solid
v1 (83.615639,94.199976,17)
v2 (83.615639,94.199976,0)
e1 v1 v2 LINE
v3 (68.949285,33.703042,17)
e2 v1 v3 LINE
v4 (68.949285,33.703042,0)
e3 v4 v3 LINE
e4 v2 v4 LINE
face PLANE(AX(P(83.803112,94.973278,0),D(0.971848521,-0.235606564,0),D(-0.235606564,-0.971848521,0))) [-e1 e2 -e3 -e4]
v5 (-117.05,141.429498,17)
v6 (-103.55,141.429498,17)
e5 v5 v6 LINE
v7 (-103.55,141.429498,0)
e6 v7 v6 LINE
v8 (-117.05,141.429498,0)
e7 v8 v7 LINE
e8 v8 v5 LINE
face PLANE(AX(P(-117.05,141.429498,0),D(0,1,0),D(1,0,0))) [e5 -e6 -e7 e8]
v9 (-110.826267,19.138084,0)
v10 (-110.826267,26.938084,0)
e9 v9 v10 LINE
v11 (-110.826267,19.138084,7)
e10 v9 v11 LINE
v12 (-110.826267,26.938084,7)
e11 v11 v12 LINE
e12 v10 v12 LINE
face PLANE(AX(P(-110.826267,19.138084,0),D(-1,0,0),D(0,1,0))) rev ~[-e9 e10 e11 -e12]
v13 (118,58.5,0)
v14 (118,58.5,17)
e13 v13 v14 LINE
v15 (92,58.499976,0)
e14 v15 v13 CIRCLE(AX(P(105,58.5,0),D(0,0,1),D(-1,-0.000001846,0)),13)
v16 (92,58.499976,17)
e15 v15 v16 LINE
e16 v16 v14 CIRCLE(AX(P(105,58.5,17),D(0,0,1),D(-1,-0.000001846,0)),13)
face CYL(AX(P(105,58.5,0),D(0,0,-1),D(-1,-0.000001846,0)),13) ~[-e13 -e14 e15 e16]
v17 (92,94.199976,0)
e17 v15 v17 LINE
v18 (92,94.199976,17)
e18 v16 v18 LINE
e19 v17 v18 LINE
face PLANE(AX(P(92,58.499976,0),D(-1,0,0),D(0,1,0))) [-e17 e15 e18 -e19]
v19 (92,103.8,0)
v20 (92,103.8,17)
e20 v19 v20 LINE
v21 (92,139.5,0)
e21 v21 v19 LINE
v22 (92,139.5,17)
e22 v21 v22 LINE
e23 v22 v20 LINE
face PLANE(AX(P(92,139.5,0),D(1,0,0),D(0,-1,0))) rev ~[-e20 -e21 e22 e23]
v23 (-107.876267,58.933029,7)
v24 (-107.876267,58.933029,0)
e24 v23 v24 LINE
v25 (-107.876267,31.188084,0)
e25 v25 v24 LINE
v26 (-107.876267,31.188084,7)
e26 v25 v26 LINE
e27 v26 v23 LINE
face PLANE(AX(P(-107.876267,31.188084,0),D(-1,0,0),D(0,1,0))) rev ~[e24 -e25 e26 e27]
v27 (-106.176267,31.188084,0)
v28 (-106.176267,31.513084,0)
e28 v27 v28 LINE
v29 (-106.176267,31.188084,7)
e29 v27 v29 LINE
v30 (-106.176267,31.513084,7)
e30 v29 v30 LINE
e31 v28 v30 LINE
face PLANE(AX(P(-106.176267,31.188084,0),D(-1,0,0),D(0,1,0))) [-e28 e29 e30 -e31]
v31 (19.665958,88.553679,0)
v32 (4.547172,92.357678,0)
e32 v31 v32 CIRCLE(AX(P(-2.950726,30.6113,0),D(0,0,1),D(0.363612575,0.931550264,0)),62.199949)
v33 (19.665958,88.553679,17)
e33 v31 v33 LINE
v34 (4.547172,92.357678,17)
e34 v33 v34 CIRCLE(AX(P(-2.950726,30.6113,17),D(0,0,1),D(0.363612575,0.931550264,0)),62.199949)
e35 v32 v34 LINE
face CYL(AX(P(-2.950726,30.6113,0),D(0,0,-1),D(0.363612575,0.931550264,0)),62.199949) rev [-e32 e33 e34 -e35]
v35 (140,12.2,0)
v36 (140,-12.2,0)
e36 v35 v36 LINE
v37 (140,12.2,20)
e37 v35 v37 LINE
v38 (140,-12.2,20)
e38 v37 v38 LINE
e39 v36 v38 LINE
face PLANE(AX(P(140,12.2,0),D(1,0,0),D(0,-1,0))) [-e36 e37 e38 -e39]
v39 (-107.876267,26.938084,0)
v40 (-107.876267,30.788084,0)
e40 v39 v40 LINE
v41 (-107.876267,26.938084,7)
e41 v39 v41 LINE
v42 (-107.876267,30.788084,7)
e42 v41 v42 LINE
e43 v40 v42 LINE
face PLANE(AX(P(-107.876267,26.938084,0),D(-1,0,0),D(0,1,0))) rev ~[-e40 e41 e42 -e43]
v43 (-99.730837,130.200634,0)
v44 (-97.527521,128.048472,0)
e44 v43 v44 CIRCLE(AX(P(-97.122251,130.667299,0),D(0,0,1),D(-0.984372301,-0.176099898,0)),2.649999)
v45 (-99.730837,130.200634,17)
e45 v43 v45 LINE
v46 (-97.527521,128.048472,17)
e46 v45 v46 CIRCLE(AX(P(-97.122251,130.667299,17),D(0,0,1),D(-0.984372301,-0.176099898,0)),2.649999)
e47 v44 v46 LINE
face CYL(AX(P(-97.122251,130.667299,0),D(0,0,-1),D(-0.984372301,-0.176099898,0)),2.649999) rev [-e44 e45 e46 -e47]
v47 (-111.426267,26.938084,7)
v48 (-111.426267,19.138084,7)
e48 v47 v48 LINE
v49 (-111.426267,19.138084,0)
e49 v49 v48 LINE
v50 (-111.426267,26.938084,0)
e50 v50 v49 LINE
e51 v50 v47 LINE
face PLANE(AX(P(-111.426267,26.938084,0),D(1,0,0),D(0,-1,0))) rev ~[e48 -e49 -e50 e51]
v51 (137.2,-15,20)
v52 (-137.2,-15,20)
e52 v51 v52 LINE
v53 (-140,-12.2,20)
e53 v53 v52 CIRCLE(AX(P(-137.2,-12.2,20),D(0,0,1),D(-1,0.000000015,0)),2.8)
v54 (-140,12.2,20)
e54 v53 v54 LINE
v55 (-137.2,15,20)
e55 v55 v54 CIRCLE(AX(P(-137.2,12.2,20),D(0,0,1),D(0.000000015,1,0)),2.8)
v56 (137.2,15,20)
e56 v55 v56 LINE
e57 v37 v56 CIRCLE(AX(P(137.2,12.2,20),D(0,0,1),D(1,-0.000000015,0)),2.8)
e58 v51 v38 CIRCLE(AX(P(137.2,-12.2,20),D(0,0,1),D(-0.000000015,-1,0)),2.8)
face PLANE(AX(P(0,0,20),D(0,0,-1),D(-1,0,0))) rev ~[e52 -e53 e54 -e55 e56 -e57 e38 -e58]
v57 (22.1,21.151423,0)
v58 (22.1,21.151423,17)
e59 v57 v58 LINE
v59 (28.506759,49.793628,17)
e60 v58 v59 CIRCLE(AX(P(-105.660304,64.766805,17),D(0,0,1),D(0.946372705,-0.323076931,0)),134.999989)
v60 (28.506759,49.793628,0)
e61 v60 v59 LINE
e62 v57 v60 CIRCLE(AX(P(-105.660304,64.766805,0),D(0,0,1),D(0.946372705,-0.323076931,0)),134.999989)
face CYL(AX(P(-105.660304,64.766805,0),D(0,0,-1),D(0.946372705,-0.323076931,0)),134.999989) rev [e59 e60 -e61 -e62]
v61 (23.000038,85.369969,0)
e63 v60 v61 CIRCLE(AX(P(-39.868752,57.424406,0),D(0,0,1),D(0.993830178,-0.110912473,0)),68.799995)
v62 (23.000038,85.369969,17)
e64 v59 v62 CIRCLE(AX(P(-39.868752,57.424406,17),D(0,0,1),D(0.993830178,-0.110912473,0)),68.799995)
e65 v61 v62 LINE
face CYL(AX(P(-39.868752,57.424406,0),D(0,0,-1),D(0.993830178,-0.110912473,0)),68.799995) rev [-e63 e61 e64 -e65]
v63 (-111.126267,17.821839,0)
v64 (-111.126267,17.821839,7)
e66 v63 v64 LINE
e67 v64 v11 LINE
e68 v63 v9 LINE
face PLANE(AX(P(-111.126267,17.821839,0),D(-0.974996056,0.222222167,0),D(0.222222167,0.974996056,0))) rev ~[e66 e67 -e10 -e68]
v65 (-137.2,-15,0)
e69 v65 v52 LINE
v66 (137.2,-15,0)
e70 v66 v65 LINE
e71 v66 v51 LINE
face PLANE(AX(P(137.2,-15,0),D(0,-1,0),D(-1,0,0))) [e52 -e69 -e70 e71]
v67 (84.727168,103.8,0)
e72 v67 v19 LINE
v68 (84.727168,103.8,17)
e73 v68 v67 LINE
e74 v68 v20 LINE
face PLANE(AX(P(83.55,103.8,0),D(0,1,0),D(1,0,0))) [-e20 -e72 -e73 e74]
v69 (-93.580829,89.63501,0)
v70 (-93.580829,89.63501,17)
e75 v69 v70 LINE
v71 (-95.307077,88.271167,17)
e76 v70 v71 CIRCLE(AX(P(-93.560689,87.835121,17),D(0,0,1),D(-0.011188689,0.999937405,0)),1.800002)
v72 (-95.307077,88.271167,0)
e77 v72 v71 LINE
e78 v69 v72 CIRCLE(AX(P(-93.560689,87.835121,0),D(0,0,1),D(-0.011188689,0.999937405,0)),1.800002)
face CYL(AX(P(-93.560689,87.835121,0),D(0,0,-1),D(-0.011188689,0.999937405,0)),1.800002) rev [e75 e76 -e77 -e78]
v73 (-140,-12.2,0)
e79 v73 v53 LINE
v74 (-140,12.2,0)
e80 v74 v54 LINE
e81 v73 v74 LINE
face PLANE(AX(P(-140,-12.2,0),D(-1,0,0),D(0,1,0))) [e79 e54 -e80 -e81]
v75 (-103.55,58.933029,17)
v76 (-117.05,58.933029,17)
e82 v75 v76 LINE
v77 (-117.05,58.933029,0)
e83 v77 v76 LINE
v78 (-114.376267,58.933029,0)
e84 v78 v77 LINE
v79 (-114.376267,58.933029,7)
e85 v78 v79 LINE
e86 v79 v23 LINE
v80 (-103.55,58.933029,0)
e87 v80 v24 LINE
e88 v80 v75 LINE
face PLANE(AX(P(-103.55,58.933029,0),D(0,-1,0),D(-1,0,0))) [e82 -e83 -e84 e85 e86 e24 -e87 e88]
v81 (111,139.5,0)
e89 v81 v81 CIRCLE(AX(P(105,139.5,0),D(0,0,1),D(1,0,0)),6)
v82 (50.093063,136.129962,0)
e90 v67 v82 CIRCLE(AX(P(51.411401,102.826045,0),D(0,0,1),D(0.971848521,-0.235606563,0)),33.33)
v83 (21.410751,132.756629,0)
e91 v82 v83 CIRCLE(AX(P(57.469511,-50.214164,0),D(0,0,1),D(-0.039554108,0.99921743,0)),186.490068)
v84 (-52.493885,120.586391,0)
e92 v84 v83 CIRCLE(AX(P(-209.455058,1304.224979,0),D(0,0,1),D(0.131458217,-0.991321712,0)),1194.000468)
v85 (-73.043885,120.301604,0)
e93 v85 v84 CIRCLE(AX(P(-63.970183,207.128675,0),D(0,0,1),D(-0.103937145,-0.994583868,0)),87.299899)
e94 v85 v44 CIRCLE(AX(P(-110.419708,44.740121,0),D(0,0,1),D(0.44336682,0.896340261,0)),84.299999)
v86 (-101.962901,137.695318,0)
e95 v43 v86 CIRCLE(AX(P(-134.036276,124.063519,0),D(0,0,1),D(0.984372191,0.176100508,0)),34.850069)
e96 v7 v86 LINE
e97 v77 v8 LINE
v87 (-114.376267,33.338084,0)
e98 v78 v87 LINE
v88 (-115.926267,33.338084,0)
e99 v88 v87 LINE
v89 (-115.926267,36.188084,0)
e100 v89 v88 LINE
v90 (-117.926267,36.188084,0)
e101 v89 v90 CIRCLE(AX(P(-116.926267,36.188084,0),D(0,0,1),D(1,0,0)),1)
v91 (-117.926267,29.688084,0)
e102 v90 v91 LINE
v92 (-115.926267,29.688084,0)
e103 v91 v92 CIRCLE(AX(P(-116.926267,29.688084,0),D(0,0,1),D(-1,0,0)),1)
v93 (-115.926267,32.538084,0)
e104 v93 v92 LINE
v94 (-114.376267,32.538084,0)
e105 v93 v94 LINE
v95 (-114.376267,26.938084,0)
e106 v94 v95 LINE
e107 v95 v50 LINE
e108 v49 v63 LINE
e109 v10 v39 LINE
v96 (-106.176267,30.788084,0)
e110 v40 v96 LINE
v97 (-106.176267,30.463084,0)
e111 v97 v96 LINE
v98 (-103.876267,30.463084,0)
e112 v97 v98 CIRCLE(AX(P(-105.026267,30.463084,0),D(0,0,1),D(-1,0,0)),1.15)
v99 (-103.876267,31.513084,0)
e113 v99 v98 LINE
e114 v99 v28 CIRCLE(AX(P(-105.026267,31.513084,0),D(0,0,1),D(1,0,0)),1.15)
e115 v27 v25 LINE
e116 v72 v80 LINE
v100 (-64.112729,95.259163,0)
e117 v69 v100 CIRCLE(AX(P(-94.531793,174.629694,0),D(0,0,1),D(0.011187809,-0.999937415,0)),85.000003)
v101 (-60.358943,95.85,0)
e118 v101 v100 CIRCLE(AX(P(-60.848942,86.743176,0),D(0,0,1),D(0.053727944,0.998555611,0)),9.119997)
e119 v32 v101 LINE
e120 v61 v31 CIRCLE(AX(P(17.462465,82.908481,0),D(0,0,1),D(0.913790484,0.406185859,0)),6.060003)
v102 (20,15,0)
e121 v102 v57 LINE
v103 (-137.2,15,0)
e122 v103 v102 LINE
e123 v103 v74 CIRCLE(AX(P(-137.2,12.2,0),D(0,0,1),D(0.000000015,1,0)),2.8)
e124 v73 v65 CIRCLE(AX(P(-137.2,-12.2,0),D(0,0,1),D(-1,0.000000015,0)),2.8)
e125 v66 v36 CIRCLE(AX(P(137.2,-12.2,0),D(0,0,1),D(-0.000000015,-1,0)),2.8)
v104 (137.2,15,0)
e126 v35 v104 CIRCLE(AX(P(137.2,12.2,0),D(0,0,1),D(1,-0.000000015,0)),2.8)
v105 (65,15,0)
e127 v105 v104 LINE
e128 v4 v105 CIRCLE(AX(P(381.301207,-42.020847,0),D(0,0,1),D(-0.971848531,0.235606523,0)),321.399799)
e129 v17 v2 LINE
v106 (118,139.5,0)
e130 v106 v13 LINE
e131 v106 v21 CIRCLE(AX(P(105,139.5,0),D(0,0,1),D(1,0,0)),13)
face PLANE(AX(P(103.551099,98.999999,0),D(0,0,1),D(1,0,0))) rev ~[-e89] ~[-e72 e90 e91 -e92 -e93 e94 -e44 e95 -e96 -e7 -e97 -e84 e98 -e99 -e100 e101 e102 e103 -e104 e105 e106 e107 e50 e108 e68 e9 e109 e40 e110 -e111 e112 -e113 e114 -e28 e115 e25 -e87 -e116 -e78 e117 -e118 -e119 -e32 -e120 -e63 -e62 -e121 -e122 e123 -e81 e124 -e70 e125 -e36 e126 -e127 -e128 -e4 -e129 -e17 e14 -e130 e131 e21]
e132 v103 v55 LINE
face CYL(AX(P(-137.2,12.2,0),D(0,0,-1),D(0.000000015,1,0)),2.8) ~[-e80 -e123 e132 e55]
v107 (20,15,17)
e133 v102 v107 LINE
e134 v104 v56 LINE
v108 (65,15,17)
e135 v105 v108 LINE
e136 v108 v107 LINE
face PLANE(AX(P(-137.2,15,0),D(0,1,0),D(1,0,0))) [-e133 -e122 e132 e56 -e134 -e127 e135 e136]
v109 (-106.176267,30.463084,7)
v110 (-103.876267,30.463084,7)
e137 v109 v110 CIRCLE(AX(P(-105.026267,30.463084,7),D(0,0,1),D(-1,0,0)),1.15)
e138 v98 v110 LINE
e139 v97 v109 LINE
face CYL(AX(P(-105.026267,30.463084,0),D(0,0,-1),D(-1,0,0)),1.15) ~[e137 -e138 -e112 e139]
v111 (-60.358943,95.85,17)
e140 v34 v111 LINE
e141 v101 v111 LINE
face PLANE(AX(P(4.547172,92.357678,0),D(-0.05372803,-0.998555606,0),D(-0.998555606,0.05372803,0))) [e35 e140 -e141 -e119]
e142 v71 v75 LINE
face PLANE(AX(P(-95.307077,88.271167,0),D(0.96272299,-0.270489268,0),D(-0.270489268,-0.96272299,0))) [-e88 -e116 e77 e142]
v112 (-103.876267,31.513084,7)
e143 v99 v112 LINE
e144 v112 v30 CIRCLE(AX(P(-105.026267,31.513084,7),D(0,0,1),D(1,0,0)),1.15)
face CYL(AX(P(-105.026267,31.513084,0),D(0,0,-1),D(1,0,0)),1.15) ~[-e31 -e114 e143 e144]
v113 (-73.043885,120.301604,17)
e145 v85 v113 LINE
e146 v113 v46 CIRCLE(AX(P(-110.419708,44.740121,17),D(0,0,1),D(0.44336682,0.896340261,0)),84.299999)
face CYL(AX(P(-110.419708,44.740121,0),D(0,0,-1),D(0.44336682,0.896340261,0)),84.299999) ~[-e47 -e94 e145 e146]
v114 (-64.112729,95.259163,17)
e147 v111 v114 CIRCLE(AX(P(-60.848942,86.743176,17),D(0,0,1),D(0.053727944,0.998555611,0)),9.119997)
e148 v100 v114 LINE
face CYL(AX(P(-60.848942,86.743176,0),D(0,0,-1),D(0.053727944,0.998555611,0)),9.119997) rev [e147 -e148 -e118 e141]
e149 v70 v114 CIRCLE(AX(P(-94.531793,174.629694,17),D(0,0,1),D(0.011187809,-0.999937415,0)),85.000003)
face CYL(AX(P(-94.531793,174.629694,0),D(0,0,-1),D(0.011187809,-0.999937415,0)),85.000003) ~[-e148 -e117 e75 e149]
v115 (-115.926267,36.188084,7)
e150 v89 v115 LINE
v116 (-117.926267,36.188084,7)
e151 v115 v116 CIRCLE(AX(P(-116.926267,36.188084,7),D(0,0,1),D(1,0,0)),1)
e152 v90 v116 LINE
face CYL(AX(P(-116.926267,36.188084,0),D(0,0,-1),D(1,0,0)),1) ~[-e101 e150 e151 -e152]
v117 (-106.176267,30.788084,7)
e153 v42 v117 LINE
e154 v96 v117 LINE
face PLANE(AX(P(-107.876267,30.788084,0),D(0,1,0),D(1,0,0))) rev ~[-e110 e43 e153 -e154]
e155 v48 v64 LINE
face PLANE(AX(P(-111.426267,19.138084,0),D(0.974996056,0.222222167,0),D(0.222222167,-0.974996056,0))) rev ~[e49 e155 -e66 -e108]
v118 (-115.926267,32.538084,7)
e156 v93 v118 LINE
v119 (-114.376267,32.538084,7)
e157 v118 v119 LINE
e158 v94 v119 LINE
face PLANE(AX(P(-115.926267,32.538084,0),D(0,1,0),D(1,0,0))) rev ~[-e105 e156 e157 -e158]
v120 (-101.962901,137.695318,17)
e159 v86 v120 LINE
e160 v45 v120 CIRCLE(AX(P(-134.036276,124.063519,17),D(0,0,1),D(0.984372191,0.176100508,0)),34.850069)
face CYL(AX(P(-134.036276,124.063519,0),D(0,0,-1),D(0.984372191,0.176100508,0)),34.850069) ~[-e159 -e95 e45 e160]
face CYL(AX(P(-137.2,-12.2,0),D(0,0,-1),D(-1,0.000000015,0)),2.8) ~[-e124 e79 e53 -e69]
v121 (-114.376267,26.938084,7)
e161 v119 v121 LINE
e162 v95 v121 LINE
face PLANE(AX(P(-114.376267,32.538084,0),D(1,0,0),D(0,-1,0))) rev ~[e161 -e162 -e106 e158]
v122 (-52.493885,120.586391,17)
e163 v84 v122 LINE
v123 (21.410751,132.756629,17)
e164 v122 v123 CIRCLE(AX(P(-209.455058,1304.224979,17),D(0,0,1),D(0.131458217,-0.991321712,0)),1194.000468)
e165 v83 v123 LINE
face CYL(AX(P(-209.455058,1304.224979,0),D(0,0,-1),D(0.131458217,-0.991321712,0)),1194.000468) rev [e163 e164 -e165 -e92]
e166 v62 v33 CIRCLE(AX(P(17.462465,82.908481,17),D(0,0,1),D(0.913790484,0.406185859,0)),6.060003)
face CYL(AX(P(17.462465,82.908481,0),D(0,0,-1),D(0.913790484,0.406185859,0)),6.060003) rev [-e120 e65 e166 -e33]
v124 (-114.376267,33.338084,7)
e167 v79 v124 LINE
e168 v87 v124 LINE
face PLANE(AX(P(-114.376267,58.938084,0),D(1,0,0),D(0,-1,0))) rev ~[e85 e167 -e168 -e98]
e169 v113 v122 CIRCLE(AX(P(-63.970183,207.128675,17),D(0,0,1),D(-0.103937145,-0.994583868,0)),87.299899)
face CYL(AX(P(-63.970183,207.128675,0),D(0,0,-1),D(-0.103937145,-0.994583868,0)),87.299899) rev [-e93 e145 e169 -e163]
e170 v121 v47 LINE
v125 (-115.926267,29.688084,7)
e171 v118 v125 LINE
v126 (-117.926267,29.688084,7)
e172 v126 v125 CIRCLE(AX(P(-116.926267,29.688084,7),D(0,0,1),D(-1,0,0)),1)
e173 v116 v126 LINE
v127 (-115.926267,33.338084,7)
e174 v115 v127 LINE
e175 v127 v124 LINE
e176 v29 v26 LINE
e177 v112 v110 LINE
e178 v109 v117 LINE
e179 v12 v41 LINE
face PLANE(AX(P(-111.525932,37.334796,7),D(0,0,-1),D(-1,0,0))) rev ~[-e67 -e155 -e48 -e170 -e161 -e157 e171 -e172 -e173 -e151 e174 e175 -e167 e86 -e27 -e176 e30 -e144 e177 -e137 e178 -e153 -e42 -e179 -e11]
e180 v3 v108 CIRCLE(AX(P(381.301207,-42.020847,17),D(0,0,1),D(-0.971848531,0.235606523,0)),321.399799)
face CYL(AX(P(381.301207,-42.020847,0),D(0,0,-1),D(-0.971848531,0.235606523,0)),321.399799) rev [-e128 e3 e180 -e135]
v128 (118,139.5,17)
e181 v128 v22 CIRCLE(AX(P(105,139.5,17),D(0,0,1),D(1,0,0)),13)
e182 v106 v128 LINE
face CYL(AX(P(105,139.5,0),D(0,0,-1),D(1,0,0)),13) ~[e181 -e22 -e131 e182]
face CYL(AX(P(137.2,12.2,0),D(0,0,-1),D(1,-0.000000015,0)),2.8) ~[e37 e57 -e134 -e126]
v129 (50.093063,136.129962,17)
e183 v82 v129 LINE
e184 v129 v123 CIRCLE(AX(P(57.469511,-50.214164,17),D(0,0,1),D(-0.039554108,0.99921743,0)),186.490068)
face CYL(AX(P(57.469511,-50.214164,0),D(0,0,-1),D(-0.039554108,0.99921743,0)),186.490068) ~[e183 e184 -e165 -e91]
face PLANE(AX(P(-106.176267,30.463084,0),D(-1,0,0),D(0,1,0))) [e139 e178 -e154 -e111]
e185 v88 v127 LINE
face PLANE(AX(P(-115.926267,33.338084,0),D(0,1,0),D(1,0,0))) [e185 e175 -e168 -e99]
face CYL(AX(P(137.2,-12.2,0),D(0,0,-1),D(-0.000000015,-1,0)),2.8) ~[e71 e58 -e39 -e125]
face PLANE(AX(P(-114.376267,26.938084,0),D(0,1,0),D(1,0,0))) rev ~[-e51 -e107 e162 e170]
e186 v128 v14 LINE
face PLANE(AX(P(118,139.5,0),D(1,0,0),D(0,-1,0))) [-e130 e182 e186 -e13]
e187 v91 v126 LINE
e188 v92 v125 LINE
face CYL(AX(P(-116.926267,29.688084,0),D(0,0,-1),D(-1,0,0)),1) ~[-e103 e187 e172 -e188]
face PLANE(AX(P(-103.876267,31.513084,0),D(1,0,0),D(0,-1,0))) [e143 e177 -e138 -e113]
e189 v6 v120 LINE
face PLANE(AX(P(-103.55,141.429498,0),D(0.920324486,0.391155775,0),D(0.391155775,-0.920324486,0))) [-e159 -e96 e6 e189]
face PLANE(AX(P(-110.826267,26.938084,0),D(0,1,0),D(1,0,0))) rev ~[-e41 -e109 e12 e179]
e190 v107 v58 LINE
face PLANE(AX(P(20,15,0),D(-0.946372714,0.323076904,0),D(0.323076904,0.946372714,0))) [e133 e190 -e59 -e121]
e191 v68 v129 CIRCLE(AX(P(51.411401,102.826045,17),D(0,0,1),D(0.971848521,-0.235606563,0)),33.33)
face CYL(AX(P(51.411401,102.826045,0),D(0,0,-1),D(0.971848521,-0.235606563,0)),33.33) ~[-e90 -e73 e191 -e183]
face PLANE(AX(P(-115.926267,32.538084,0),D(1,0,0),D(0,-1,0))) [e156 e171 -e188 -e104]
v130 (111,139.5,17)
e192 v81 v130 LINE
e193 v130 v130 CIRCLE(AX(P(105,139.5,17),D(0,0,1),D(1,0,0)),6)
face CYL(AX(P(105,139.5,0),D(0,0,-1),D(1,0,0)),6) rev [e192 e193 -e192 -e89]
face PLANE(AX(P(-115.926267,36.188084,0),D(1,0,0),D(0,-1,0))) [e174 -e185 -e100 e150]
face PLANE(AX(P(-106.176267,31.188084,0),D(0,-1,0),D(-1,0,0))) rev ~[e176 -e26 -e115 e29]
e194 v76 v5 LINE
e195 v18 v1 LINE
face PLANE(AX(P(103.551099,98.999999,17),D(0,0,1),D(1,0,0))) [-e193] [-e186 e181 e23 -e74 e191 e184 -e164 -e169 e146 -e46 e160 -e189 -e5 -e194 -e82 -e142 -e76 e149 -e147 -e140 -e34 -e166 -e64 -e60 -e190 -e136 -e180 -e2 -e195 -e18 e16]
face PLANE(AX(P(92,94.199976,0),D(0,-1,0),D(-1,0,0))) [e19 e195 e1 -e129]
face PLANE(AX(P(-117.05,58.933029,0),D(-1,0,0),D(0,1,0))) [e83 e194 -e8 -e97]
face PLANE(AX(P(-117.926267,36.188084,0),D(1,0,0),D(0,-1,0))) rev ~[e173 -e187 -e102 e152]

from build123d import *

# Parameters (mm, degrees)
PAD_DEPTH    = 20
PAD001_DEPTH = 17
PAD002_DEPTH = 7
SKETCH003_R  = 6
PAD003_DEPTH = 17


with BuildPart() as part:
    # Sketch → Pad (new body)
    with BuildSketch(Plane.XY):
        with BuildLine():
            Line((-137.2, 15), (137.2, 15))
            ThreePointArc((140, 12.2), (139.179899, 14.179899), (137.2, 15))
            Line((140, 12.2), (140, -12.2))
            ThreePointArc((137.2, -15), (139.179899, -14.179899), (140, -12.2))
            Line((137.2, -15), (-137.2, -15))
            ThreePointArc((-140, -12.2), (-139.179899, -14.179899), (-137.2, -15))
            Line((-140, -12.2), (-140, 12.2))
            ThreePointArc((-137.2, 15), (-139.179899, 14.179899), (-140, 12.2))
        make_face()
    extrude(amount=PAD_DEPTH)

    # Sketch001 → Pad001 (join)
    with BuildSketch(Plane.XY):
        with BuildLine():
            Line((20, 15), (22.1, 21.151423))
            ThreePointArc((22.1, 21.151423), (26.084071, 35.297898), (28.506759, 49.793628))
            ThreePointArc((28.506759, 49.793628), (28.121583, 67.94836), (23.000038, 85.369969))
            ThreePointArc((23.000038, 85.369969), (21.647561, 87.291244), (19.665958, 88.553679))
            ThreePointArc((19.665958, 88.553679), (12.226217, 90.931231), (4.547172, 92.357678))
            Line((4.547172, 92.357678), (-60.358943, 95.85))
            ThreePointArc((-60.358943, 95.85), (-62.26695, 95.75226), (-64.112729, 95.259163))
            ThreePointArc((-93.580829, 89.63501), (-78.596692, 91.136741), (-64.112729, 95.259163))
            ThreePointArc((-93.580829, 89.63501), (-94.676562, 89.247507), (-95.307077, 88.271167))
            Line((-95.307077, 88.271167), (-103.55, 58.933029))
            Line((-103.55, 58.933029), (-117.05, 58.933029))
            Line((-117.05, 58.933029), (-117.05, 141.429498))
            Line((-117.05, 141.429498), (-103.55, 141.429498))
            Line((-103.55, 141.429498), (-101.962901, 137.695318))
            ThreePointArc((-99.730837, 130.200634), (-100.635987, 134.010781), (-101.962901, 137.695318))
            ThreePointArc((-99.730837, 130.200634), (-98.973948, 128.771589), (-97.527521, 128.048472))
            ThreePointArc((-73.043885, 120.301604), (-84.988985, 125.112804), (-97.527521, 128.048472))
            ThreePointArc((-73.043885, 120.301604), (-62.760476, 119.837158), (-52.493885, 120.586391))
            ThreePointArc((-52.493885, 120.586391), (-15.446113, 126.09186), (21.410751, 132.756629))
            ThreePointArc((50.093063, 136.129962), (35.68651, 134.999351), (21.410751, 132.756629))
            ThreePointArc((83.803112, 94.973278), (77.196218, 123.945517), (50.093063, 136.129962))
            Line((83.803112, 94.973278), (68.949285, 33.703042))
            ThreePointArc((68.949285, 33.703042), (66.835565, 24.380889), (65, 15))
            Line((65, 15), (20, 15))
        make_face()
    extrude(amount=PAD001_DEPTH)

    # Sketch002 → Pad002 (join)
    with BuildSketch(Plane.XY):
        with BuildLine():
            Line((-114.376267, 58.938084), (-107.876267, 58.938084))
            Line((-107.876267, 31.188084), (-107.876267, 58.938084))
            Line((-106.176267, 31.188084), (-107.876267, 31.188084))
            Line((-106.176267, 31.188084), (-106.176267, 31.513084))
            ThreePointArc((-103.876267, 31.513084), (-105.026267, 32.663084), (-106.176267, 31.513084))
            Line((-103.876267, 31.513084), (-103.876267, 30.463084))
            ThreePointArc((-106.176267, 30.463084), (-105.026267, 29.313084), (-103.876267, 30.463084))
            Line((-106.176267, 30.463084), (-106.176267, 30.788084))
            Line((-107.876267, 30.788084), (-106.176267, 30.788084))
            Line((-107.876267, 26.938084), (-107.876267, 30.788084))
            Line((-110.826267, 26.938084), (-107.876267, 26.938084))
            Line((-110.826267, 19.138084), (-110.826267, 26.938084))
            Line((-111.126267, 17.821839), (-110.826267, 19.138084))
            Line((-111.426267, 19.138084), (-111.126267, 17.821839))
            Line((-111.426267, 26.938084), (-111.426267, 19.138084))
            Line((-114.376267, 26.938084), (-111.426267, 26.938084))
            Line((-114.376267, 32.538084), (-114.376267, 26.938084))
            Line((-115.926267, 32.538084), (-114.376267, 32.538084))
            Line((-115.926267, 32.538084), (-115.926267, 29.688084))
            ThreePointArc((-117.926267, 29.688084), (-116.926267, 28.688084), (-115.926267, 29.688084))
            Line((-117.926267, 36.188084), (-117.926267, 29.688084))
            ThreePointArc((-115.926267, 36.188084), (-116.926267, 37.188084), (-117.926267, 36.188084))
            Line((-115.926267, 36.188084), (-115.926267, 33.338084))
            Line((-115.926267, 33.338084), (-114.376267, 33.338084))
            Line((-114.376267, 58.938084), (-114.376267, 33.338084))
        make_face()
    extrude(amount=PAD002_DEPTH)

    # Sketch003 → Pad003 (join)
    with BuildSketch(Plane.XY):
        with BuildLine():
            ThreePointArc((118, 139.5), (105, 152.5), (92, 139.5))
            Line((92, 139.5), (92, 103.8))
            Line((83.55, 103.8), (92, 103.8))
            Line((83.55, 94.199976), (83.55, 103.8))
            Line((92, 94.199976), (83.55, 94.199976))
            Line((92, 58.499976), (92, 94.199976))
            ThreePointArc((92, 58.499976), (105.000012, 45.5), (118, 58.5))
            Line((118, 139.5), (118, 58.5))
        make_face()
        with Locations((105, 139.5)):
            Circle(SKETCH003_R, mode=Mode.SUBTRACT)
    extrude(amount=PAD003_DEPTH)


solid = part.part
